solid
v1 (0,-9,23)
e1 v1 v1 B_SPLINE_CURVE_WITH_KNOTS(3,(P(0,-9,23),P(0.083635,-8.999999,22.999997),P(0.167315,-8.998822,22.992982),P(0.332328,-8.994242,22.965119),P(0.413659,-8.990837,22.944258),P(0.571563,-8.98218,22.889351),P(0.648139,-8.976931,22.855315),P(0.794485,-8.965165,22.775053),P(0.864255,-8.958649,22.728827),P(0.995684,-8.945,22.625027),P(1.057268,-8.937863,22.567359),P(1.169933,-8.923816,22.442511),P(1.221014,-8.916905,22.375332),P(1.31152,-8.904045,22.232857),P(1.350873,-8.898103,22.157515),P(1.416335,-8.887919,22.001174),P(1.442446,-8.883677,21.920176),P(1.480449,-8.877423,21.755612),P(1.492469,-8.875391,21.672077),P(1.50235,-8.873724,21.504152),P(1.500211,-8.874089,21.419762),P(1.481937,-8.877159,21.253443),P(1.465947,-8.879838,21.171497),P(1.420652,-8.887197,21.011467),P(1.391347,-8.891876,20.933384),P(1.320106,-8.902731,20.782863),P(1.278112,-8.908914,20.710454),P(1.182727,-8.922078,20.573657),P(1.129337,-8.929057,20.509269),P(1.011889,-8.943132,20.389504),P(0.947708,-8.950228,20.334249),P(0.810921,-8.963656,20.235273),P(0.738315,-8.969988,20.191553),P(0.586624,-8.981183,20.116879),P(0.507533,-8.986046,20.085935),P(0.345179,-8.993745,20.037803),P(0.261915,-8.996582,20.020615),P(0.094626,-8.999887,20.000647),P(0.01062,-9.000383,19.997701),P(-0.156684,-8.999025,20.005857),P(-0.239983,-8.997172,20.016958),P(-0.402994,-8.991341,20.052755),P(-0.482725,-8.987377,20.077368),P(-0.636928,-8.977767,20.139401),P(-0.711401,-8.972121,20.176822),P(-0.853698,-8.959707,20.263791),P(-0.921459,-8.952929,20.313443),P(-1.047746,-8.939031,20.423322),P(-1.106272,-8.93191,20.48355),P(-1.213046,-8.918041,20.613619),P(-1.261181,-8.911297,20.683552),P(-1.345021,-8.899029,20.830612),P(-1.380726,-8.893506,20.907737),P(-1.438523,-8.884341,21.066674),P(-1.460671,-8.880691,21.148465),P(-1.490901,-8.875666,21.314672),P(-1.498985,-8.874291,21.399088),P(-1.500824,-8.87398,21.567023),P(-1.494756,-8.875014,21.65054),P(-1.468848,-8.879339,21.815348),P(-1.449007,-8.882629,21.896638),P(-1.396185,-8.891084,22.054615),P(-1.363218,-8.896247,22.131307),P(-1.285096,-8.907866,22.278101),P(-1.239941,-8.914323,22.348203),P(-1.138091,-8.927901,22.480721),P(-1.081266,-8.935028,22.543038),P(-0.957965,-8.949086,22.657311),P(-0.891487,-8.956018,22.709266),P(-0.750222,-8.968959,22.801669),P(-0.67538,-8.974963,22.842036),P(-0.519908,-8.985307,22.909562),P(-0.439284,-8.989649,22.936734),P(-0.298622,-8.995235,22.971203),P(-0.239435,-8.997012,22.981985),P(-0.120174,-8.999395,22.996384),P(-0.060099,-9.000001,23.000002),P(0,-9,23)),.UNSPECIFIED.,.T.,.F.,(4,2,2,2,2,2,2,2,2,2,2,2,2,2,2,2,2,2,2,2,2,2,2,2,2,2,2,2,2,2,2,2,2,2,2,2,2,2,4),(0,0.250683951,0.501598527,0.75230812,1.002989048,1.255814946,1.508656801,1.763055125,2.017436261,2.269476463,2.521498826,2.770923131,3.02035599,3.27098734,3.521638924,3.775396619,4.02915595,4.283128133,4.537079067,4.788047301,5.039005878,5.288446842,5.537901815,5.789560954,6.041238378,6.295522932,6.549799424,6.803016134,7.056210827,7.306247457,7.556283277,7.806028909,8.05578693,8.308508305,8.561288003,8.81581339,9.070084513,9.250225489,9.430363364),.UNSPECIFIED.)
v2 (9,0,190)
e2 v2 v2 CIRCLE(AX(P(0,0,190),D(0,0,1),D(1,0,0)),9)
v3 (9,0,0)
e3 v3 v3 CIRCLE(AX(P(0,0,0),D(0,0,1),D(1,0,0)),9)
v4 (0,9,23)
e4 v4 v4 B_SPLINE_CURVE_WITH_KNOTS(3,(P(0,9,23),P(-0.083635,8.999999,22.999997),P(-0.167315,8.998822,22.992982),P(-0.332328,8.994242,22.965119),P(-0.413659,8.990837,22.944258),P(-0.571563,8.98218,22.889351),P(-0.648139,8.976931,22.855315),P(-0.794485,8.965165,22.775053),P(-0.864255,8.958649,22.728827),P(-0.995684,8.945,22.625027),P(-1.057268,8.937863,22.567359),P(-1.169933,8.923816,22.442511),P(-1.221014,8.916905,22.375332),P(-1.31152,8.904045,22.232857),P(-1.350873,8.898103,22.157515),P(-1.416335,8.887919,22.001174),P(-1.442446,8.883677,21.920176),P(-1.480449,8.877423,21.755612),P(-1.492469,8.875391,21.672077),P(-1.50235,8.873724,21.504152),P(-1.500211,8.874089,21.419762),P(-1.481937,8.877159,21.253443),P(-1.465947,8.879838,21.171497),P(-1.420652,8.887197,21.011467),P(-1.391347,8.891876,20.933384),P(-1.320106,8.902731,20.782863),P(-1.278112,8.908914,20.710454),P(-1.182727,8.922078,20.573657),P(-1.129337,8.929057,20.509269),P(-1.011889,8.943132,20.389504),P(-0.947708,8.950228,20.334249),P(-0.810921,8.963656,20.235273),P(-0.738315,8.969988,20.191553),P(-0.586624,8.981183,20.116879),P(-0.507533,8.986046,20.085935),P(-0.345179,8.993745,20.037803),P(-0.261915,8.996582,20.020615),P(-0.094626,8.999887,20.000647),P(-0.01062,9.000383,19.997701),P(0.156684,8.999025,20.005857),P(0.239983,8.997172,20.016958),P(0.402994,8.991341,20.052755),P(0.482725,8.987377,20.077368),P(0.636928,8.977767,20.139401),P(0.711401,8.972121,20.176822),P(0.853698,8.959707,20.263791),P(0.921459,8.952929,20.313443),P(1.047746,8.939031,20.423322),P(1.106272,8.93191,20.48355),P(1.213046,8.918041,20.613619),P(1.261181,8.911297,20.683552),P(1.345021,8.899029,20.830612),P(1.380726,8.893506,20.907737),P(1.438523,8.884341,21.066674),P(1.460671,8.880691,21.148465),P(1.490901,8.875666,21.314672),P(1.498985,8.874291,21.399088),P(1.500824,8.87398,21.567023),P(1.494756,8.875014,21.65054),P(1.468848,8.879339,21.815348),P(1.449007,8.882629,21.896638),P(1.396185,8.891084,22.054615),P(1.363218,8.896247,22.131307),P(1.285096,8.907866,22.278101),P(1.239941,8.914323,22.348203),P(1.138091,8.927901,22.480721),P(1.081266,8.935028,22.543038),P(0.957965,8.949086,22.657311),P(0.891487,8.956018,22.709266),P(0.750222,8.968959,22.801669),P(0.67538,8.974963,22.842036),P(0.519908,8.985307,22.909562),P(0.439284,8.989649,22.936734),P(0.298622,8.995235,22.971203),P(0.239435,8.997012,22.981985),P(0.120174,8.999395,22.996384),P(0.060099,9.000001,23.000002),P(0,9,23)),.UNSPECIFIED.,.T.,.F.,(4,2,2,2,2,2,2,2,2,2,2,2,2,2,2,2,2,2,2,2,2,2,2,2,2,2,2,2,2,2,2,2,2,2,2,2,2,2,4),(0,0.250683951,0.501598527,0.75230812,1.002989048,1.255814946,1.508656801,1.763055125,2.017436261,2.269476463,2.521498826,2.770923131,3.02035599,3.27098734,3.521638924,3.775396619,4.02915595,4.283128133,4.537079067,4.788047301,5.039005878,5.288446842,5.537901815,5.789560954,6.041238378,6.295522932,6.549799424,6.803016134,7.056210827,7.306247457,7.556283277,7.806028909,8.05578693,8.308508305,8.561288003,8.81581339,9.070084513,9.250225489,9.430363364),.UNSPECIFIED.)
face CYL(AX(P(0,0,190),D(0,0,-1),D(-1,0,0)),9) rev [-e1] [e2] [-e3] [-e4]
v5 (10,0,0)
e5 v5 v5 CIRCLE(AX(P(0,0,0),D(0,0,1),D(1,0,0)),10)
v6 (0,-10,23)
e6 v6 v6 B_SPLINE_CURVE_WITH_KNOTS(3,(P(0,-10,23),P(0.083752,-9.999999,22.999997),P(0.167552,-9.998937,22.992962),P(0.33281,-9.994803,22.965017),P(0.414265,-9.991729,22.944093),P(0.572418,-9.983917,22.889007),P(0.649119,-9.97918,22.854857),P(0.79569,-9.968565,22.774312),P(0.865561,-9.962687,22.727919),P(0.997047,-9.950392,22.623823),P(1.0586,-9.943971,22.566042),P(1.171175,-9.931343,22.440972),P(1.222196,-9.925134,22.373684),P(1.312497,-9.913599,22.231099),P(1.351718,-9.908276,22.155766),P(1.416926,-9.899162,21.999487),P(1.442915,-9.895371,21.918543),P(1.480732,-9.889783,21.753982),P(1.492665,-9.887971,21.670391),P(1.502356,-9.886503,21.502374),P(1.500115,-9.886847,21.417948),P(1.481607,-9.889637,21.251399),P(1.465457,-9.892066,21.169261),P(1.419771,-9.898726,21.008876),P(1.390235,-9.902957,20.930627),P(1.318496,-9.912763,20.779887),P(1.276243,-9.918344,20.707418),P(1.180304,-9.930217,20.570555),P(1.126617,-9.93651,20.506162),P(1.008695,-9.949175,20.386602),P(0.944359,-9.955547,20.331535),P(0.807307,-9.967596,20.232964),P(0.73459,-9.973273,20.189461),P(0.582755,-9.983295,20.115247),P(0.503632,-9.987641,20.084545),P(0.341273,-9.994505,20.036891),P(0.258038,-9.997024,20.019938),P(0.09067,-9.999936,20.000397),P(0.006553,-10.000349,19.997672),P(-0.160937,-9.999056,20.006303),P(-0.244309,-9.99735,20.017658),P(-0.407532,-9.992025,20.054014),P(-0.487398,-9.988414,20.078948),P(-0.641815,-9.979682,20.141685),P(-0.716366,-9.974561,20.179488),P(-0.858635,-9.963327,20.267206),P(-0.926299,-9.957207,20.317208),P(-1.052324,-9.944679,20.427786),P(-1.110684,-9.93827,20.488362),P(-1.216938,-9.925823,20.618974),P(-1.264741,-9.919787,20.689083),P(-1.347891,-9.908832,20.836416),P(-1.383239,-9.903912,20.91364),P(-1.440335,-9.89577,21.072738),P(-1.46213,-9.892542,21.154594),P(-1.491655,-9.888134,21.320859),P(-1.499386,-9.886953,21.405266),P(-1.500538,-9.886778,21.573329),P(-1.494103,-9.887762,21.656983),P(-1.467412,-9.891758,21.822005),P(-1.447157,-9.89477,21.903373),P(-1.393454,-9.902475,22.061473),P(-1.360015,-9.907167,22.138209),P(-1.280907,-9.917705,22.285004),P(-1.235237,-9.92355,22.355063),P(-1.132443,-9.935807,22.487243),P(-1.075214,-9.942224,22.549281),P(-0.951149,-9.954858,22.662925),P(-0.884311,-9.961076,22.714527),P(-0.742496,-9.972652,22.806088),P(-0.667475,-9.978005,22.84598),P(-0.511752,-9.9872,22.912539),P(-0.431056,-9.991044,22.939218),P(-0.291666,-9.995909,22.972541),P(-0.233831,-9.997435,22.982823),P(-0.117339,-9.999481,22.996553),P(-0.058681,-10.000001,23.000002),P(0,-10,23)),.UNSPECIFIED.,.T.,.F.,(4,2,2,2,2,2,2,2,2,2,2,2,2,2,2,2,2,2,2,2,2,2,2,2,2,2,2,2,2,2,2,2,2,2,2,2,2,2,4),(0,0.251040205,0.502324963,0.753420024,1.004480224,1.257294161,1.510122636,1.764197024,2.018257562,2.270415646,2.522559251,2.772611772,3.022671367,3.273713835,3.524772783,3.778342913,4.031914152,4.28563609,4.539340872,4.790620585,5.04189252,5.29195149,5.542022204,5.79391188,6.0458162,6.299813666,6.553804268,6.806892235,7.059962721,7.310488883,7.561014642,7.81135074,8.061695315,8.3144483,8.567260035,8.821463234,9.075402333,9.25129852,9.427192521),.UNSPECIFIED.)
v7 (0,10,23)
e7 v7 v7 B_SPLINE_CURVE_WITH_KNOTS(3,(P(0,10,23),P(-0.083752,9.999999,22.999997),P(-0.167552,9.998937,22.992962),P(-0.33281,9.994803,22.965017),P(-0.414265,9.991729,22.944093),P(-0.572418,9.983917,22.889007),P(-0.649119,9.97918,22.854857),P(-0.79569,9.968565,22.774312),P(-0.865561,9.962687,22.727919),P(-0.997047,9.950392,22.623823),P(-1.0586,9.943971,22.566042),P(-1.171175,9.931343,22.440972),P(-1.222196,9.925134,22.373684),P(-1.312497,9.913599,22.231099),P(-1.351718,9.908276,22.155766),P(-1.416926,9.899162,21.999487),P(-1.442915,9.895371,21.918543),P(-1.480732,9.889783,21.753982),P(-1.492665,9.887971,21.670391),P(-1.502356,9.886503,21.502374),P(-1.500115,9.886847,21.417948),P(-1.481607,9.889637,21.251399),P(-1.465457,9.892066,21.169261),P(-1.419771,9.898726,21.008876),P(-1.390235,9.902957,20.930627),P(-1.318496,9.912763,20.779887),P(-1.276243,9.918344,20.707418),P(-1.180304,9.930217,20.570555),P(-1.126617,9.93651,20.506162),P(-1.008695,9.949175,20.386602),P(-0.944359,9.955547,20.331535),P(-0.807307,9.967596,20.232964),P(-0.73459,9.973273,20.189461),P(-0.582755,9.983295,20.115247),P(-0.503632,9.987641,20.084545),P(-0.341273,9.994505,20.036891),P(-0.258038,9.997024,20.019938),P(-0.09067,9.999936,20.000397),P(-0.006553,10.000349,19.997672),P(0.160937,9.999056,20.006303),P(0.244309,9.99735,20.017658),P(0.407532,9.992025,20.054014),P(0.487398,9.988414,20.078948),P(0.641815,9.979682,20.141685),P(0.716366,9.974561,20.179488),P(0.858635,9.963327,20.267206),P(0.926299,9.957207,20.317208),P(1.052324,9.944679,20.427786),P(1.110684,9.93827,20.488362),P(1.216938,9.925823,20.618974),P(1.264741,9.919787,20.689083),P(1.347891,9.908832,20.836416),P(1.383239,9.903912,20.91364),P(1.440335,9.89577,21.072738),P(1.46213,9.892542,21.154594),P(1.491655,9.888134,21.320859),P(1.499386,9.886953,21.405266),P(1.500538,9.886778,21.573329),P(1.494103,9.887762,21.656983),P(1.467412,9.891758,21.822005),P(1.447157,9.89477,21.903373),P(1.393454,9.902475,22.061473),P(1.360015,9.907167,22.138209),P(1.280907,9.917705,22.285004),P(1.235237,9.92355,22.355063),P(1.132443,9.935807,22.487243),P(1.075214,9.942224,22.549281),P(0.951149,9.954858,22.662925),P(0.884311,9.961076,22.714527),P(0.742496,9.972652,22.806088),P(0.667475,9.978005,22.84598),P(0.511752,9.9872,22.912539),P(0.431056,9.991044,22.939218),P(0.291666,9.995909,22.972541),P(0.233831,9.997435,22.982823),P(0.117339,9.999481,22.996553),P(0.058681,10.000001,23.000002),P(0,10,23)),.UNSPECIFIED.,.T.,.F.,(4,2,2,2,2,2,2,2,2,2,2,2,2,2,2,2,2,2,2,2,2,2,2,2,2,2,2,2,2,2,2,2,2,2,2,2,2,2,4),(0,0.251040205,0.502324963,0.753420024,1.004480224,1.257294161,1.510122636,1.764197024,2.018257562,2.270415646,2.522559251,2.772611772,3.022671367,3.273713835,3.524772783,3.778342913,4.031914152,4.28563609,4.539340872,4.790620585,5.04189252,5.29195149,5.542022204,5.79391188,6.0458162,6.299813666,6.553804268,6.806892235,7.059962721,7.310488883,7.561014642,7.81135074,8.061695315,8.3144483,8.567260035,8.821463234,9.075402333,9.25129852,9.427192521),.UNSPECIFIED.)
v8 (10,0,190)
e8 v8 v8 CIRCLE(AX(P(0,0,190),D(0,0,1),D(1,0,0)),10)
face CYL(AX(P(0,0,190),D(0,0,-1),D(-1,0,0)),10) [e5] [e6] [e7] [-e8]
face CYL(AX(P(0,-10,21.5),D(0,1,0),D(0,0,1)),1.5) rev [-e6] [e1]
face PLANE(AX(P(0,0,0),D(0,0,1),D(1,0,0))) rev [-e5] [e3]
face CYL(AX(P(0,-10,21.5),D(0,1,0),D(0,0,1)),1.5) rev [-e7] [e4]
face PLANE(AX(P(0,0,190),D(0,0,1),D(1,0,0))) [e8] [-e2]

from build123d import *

# Parameters (mm, degrees)
SKETCH2_R               = 10
SKETCH2_R_2             = 9
BOSS_EXTRUDE1_DEPTH     = 190
CUT_EXTRUDE1_DEPTH      = 191.525588833
CUT_EXTRUDE1_DEPTH_BACK = 191.525588833
SKETCH3_R               = 1.5


with BuildPart() as part:
    # Sketch2 → Boss-Extrude1 (new body)
    with BuildSketch(Plane.XY):
        Circle(SKETCH2_R)
        Circle(SKETCH2_R_2, mode=Mode.SUBTRACT)
    extrude(amount=BOSS_EXTRUDE1_DEPTH)

    # Sketch3 → Cut-Extrude1 (cut, two sides: drawn at the far end of the back side and taken through both)
    with BuildSketch(Plane(origin=(0, 0, 0), x_dir=(1, 0, 0), z_dir=(0, 1, 0)).offset(-CUT_EXTRUDE1_DEPTH_BACK)):
        with Locations(Location((0, -21.5, 0), (0, 0, 270))):
            Circle(SKETCH3_R)
    extrude(amount=CUT_EXTRUDE1_DEPTH + CUT_EXTRUDE1_DEPTH_BACK, mode=Mode.SUBTRACT)


solid = part.part
